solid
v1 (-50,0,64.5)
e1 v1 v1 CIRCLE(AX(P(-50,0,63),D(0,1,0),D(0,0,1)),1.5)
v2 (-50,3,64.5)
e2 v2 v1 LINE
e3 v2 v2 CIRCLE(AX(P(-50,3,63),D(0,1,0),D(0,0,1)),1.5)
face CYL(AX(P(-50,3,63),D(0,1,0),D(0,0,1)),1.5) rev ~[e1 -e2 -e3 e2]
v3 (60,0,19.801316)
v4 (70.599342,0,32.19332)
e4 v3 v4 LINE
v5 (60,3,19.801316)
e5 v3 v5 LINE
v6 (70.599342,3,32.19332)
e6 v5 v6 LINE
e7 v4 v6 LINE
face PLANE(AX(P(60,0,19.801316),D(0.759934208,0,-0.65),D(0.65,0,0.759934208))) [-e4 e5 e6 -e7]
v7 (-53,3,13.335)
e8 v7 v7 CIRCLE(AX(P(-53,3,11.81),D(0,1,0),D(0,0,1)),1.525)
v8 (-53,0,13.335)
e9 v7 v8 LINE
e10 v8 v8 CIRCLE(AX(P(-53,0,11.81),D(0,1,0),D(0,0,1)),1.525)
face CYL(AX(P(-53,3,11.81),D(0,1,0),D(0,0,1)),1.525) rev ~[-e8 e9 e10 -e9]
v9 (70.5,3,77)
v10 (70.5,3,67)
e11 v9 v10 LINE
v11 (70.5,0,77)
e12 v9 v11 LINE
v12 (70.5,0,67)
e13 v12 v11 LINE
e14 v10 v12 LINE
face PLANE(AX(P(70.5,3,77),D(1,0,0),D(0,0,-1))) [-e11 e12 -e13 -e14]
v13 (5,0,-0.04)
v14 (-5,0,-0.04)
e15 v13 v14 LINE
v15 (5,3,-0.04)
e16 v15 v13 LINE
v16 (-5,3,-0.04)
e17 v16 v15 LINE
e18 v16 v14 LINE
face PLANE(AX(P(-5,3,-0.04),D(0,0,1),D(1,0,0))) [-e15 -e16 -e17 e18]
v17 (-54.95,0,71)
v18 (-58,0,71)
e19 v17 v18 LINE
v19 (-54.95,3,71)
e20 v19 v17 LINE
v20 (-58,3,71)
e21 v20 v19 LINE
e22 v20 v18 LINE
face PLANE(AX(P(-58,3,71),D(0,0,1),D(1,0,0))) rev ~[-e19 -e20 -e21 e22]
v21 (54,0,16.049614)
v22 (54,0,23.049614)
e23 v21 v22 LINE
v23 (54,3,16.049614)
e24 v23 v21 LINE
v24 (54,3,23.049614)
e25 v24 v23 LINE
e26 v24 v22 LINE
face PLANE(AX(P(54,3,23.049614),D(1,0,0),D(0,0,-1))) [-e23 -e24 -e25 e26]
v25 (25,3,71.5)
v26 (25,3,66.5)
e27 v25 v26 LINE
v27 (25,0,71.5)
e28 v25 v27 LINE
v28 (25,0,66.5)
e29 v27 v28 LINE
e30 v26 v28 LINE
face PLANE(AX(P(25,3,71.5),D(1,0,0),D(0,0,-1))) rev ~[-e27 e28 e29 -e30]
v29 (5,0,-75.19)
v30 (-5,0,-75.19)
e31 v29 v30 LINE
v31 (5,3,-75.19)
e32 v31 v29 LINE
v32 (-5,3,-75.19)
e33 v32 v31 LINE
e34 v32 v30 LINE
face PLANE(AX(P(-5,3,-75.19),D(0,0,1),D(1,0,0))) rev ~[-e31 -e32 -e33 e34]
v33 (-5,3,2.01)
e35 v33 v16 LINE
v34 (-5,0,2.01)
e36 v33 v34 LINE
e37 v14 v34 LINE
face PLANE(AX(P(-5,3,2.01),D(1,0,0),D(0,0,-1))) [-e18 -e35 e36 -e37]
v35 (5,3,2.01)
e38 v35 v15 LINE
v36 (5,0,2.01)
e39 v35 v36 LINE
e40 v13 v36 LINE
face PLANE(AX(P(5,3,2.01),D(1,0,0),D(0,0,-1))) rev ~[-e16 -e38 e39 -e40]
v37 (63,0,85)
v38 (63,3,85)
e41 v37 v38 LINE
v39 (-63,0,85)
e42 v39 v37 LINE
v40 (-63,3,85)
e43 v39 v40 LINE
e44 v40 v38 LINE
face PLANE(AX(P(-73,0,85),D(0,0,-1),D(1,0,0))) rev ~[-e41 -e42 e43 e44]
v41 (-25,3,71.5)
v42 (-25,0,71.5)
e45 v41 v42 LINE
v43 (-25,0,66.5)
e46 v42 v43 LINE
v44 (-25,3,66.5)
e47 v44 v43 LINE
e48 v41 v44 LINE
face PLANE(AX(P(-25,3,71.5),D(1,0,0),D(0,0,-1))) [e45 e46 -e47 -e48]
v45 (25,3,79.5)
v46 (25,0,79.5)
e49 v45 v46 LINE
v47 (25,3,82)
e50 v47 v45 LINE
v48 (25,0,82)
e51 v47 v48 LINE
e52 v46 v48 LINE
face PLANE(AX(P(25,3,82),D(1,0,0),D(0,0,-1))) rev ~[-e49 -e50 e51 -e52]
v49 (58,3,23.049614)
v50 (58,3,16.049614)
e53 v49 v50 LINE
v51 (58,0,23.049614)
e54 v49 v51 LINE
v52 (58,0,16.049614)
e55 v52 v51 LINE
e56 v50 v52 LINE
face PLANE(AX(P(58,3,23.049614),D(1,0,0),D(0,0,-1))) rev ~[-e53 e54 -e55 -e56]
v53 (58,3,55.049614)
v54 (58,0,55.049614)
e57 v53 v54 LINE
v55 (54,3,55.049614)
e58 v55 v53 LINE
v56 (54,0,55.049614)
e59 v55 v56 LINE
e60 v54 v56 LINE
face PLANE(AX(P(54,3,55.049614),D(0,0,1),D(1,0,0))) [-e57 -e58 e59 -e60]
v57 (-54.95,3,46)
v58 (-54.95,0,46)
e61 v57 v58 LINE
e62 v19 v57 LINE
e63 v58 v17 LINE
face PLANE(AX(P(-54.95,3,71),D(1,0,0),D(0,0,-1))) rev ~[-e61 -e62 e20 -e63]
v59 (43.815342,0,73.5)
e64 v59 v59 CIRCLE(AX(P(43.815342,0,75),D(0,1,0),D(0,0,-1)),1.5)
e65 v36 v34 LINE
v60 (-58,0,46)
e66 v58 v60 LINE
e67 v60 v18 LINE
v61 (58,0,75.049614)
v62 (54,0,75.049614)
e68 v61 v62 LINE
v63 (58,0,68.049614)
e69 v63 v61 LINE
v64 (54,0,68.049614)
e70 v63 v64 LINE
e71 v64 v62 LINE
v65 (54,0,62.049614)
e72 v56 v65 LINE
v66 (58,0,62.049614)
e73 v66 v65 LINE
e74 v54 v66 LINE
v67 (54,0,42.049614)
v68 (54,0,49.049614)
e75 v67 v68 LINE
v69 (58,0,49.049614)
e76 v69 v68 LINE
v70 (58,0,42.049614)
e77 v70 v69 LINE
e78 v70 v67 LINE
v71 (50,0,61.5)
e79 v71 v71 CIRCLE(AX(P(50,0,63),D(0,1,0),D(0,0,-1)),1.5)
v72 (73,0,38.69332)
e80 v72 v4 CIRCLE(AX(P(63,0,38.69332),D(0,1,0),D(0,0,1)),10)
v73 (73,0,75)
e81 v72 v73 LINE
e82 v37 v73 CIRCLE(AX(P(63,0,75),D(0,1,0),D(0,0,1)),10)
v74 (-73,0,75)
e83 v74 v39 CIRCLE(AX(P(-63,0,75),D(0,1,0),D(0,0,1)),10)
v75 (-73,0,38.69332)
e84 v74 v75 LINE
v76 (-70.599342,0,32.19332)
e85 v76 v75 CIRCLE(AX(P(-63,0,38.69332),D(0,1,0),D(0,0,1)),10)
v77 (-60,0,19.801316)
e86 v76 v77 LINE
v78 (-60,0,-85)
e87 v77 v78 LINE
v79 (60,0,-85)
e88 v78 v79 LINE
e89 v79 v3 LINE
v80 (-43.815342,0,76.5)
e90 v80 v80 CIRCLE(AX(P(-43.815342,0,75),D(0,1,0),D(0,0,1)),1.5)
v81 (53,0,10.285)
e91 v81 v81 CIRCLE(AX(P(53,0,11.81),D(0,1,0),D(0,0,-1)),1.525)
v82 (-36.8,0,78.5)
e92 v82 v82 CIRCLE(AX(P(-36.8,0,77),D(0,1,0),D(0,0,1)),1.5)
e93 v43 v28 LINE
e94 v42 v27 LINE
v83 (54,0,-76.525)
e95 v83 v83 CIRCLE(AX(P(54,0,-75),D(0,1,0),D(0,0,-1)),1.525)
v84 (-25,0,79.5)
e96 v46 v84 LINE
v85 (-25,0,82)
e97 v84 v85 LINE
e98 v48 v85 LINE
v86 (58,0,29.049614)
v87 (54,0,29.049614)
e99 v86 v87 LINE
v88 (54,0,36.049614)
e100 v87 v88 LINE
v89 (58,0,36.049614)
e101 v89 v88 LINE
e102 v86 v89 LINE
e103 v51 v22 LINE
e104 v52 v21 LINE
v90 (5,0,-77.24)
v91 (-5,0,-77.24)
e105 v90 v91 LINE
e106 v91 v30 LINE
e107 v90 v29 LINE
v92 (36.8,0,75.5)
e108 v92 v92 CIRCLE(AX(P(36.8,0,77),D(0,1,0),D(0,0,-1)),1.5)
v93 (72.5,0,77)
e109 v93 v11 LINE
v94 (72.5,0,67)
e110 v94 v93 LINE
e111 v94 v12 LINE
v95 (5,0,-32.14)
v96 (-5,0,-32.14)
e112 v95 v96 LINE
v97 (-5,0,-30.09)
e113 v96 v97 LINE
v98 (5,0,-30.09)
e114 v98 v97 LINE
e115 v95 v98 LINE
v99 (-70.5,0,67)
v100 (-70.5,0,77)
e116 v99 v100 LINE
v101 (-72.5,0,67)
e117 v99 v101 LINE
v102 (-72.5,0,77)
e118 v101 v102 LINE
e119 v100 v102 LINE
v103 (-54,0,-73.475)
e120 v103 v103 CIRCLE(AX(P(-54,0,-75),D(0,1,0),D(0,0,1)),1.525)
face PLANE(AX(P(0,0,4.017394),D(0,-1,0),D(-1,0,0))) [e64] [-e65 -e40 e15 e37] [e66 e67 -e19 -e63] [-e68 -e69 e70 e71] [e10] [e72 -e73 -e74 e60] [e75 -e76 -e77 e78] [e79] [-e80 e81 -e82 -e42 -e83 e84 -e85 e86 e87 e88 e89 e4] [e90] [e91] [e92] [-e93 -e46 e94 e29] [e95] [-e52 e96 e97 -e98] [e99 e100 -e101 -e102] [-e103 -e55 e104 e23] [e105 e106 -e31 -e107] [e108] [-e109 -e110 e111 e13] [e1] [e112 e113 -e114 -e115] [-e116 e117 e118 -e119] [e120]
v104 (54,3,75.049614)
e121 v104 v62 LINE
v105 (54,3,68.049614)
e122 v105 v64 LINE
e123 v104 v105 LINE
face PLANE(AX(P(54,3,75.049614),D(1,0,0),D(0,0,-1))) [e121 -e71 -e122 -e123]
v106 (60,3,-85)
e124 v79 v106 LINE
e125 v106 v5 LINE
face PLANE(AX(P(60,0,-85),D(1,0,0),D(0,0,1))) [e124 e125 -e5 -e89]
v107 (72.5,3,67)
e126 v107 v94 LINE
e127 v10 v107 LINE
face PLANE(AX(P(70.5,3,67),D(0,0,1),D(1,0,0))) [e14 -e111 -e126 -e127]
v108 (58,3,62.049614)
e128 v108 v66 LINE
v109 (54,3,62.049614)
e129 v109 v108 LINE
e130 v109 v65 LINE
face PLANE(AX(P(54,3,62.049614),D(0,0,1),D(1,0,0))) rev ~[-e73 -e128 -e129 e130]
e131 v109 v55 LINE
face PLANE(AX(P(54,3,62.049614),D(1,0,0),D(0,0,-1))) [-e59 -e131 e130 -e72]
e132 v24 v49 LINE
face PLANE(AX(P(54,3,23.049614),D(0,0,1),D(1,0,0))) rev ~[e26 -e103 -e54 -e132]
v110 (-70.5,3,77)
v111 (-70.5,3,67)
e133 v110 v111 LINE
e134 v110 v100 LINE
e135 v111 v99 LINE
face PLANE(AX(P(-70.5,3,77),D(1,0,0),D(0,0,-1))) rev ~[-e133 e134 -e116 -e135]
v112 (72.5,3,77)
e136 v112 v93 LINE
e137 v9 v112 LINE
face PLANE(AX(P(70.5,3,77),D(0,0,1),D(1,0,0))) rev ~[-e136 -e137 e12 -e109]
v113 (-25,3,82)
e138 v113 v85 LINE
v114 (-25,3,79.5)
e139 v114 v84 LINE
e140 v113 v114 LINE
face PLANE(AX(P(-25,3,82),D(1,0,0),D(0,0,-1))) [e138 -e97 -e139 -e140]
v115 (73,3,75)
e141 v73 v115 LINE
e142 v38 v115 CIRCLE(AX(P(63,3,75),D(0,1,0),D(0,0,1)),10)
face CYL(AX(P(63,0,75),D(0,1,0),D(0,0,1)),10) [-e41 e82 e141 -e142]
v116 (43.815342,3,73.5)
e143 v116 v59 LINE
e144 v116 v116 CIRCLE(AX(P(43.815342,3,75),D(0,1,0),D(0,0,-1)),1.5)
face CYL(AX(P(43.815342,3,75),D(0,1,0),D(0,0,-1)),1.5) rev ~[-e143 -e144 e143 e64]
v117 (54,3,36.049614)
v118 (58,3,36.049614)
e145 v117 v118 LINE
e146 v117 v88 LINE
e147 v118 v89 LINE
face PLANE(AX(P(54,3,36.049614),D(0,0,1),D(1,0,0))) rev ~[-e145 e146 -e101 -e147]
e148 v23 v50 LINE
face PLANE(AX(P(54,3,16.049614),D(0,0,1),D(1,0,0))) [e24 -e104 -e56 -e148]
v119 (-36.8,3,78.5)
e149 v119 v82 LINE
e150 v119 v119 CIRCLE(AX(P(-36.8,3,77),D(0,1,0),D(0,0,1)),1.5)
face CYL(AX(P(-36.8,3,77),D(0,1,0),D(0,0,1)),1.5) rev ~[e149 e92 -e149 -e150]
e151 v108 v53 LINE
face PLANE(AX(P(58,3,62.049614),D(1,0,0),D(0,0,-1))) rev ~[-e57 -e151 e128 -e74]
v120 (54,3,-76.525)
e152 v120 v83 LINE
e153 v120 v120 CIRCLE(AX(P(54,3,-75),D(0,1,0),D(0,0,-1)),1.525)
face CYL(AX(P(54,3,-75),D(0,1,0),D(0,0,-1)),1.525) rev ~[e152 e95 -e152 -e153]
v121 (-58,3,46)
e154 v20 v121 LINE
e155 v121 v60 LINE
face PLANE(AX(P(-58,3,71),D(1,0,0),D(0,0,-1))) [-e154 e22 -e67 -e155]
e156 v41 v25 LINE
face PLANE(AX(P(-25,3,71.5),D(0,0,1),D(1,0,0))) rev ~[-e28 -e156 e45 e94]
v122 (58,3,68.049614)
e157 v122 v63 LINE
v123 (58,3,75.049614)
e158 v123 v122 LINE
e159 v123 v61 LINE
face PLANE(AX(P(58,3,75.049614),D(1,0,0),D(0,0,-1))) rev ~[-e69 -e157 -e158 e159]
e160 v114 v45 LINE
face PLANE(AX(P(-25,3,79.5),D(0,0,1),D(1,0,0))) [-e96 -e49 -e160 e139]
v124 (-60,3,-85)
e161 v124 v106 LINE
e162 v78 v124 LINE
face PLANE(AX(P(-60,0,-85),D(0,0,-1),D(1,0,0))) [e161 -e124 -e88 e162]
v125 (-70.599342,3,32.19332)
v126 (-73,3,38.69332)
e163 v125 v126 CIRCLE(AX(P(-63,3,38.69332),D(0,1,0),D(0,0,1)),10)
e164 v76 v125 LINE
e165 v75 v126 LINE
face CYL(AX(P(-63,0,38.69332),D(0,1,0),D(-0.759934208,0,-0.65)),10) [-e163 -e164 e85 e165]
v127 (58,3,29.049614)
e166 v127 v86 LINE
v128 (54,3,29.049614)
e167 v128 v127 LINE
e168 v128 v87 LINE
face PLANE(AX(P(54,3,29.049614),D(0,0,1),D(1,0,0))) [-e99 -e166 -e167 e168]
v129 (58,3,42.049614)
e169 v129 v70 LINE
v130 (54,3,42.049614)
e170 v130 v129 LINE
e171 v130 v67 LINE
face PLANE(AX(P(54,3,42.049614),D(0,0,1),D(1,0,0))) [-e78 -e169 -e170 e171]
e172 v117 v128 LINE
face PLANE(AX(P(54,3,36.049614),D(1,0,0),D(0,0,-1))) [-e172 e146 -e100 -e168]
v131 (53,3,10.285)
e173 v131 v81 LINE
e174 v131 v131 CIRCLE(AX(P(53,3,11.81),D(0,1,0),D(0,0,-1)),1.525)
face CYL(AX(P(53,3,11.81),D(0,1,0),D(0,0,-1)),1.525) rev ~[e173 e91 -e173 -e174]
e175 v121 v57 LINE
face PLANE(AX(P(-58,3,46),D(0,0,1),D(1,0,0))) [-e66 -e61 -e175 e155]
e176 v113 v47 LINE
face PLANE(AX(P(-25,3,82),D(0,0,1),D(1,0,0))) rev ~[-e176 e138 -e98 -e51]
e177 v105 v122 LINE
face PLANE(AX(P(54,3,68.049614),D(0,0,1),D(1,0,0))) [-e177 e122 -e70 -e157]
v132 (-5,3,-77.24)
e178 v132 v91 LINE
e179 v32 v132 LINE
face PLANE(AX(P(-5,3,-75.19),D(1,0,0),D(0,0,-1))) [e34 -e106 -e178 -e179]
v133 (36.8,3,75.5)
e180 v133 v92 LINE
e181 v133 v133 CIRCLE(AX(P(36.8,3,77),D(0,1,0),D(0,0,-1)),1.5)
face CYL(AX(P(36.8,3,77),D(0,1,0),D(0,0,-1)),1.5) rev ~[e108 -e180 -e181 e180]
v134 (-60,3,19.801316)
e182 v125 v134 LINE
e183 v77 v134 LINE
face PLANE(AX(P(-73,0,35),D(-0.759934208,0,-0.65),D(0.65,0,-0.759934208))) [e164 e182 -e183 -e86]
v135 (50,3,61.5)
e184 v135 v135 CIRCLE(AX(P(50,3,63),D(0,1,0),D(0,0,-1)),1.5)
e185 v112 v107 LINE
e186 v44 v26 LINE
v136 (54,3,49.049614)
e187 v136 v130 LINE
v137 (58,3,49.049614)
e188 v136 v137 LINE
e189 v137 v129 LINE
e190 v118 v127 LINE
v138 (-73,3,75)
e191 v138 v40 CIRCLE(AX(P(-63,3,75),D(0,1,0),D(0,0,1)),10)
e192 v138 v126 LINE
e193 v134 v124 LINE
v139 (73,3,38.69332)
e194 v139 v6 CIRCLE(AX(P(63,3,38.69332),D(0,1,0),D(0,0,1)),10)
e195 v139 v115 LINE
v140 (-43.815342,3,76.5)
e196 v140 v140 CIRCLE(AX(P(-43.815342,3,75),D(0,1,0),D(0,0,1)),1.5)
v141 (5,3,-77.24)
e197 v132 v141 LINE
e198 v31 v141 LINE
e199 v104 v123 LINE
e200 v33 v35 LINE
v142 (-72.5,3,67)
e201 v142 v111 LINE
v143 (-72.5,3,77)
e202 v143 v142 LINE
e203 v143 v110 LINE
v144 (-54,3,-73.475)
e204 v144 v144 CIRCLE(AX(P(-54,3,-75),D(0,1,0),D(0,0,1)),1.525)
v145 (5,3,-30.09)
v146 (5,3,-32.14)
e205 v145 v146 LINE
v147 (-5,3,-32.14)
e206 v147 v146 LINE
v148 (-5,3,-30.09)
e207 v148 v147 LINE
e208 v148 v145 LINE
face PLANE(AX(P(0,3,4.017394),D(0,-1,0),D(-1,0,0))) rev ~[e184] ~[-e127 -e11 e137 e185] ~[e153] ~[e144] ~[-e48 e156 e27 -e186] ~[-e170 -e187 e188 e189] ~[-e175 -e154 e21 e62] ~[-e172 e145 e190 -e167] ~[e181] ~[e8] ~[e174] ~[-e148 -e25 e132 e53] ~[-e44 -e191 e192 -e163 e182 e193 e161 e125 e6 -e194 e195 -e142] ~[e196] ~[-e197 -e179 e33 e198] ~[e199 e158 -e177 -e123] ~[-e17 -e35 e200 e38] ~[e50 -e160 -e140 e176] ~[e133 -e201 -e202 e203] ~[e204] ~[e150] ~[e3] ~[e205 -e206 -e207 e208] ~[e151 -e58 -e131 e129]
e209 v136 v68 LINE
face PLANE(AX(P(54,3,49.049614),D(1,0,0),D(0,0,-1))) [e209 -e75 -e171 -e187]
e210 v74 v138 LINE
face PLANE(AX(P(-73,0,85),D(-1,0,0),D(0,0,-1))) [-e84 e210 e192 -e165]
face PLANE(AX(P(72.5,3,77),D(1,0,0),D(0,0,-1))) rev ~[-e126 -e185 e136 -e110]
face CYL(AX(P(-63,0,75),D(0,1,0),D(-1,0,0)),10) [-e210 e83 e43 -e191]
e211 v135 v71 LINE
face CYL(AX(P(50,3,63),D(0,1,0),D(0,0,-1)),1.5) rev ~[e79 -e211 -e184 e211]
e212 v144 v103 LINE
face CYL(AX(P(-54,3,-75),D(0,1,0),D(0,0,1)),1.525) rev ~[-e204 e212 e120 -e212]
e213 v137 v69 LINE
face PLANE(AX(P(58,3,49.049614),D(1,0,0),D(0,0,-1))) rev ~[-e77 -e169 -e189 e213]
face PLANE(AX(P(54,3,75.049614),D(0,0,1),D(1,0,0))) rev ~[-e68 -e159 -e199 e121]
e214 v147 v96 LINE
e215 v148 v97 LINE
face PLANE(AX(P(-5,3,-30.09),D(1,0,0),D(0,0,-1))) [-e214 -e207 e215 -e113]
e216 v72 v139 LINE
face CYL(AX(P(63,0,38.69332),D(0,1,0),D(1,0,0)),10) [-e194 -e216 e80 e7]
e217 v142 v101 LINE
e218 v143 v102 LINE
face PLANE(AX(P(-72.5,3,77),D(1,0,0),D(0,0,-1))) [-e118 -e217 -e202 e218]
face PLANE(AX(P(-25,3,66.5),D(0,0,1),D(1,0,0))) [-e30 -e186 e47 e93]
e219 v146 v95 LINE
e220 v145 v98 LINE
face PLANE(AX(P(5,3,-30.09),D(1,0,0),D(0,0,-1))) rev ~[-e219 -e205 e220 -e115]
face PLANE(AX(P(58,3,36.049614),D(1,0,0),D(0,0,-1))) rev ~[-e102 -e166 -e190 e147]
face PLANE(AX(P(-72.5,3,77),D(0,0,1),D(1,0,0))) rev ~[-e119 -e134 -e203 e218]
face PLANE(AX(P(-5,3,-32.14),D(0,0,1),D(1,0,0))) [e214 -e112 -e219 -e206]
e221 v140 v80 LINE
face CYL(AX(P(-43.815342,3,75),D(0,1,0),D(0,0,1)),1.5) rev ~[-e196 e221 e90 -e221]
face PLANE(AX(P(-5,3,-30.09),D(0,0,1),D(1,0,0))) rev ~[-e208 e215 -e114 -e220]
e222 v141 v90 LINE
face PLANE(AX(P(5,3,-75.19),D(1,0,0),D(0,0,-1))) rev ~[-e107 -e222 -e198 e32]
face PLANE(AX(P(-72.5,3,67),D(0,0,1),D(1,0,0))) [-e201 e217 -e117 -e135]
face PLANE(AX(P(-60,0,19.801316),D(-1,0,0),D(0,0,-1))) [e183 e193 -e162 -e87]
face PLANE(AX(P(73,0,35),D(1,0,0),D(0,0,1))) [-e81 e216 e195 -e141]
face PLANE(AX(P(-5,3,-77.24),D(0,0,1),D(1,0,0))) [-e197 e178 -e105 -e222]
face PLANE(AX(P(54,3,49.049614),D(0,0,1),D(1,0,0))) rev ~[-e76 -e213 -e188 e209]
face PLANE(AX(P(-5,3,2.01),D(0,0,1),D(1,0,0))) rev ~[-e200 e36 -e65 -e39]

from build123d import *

# Parameters (mm, degrees)
BOSS_EXTRUDE1_DEPTH = 3
SKETCH2_R           = 1.525
CUT_EXTRUDE1_DEPTH  = 113.084789334
SKETCH3_W           = 10
SKETCH3_H           = 2.05
CUT_EXTRUDE2_DEPTH  = 113.084789334
SKETCH4_R           = 1.5
CUT_EXTRUDE3_DEPTH  = 3
SKETCH5_R           = 1.5
SKETCH5_W           = 50
SKETCH5_H           = 5
CUT_EXTRUDE4_DEPTH  = 3
SKETCH6_W           = 4
SKETCH6_H           = 7
CUT_EXTRUDE5_DEPTH  = 10
SKETCH7_W           = 50
SKETCH7_H           = 2.5
SKETCH7_W_2         = 3.05
SKETCH7_H_2         = 25
CUT_EXTRUDE6_DEPTH  = 10
FILLET3_R           = 10
SKETCH8_W           = 2
SKETCH8_H           = 10
CUT_EXTRUDE7_DEPTH  = 10


with BuildPart() as part:
    # Sketch1 → Boss-Extrude1 (new body)
    with BuildSketch(Plane(origin=(0, 0, 0), x_dir=(1, 0, 0), z_dir=(0, 1, 0))):
        Polygon((-73, -35), (-60, -19.801315846), (-60, 85), (60, 85), (60, -19.801315846), (73, -35), (73, -85), (60, -85), (-60, -85), (-73, -85), align=None)
    extrude(amount=BOSS_EXTRUDE1_DEPTH)

    # Sketch2 → Cut-Extrude1 (cut, through all)
    with BuildSketch(Plane(origin=(0, 3, 0), x_dir=(1, 0, 0), z_dir=(0, 1, 0))):
        with Locations(Location((-53, -11.81, 0), (0, 0, 270))):
            Circle(SKETCH2_R)
        with Locations(Location((-54, 75, 0), (0, 0, 270))):
            Circle(SKETCH2_R)
        with Locations(Location((53, -11.81, 0), (0, 0, 90))):
            Circle(SKETCH2_R)
        with Locations(Location((54, 75, 0), (0, 0, 90))):
            Circle(SKETCH2_R)
    extrude(amount=-CUT_EXTRUDE1_DEPTH, mode=Mode.SUBTRACT)

    # Sketch3 → Cut-Extrude2 (cut, through all)
    with BuildSketch(Plane(origin=(0, 3, 0), x_dir=(1, 0, 0), z_dir=(0, 1, 0))):
        with Locations((0, 31.115)):
            Rectangle(SKETCH3_W, SKETCH3_H)
        with Locations((0, -0.985)):
            Rectangle(SKETCH3_W, SKETCH3_H)
        with Locations((0, 76.215)):
            Rectangle(SKETCH3_W, SKETCH3_H)
    extrude(amount=-CUT_EXTRUDE2_DEPTH, mode=Mode.SUBTRACT)

    # Sketch4 → Cut-Extrude3 (cut)
    with BuildSketch(Plane(origin=(0, 3, 0), x_dir=(1, 0, 0), z_dir=(0, 1, 0))):
        with Locations(Location((-50, -63, 0), (0, 0, 270))):
            Circle(SKETCH4_R)
        with Locations(Location((-43.815341562, -75, 0), (0, 0, 270))):
            Circle(SKETCH4_R)
        with Locations(Location((43.815341562, -75, 0), (0, 0, 90))):
            Circle(SKETCH4_R)
        with Locations(Location((50, -63, 0), (0, 0, 90))):
            Circle(SKETCH4_R)
    extrude(amount=-CUT_EXTRUDE3_DEPTH, mode=Mode.SUBTRACT)

    # Sketch5 → Cut-Extrude4 (cut)
    with BuildSketch(Plane(origin=(0, 3, 0), x_dir=(1, 0, 0), z_dir=(0, 1, 0))):
        with Locations(Location((-36.8, -77, 0), (0, 0, 270))):
            Circle(SKETCH5_R)
        with Locations(Location((36.8, -77, 0), (0, 0, 90))):
            Circle(SKETCH5_R)
        with Locations((0, -69)):
            Rectangle(SKETCH5_W, SKETCH5_H)
    extrude(amount=-CUT_EXTRUDE4_DEPTH, mode=Mode.SUBTRACT)

    # Sketch6 → Cut-Extrude5 (cut)
    with BuildSketch(Plane(origin=(0, 3, 0), x_dir=(1, 0, 0), z_dir=(0, 1, 0))):
        with Locations((56, -32.549614417)):
            Rectangle(SKETCH6_W, SKETCH6_H)
        with Locations((56, -19.549614417)):
            Rectangle(SKETCH6_W, SKETCH6_H)
        with Locations((56, -45.549614417)):
            Rectangle(SKETCH6_W, SKETCH6_H)
        with Locations((56, -58.549614417)):
            Rectangle(SKETCH6_W, SKETCH6_H)
        with Locations((56, -71.549614417)):
            Rectangle(SKETCH6_W, SKETCH6_H)
    extrude(amount=-CUT_EXTRUDE5_DEPTH, mode=Mode.SUBTRACT)

    # Sketch7 → Cut-Extrude6 (cut)
    with BuildSketch(Plane(origin=(0, 3, 0), x_dir=(1, 0, 0), z_dir=(0, 1, 0))):
        with Locations((0, -80.75)):
            Rectangle(SKETCH7_W, SKETCH7_H)
        with Locations((-56.475, -58.5)):
            Rectangle(SKETCH7_W_2, SKETCH7_H_2)
    extrude(amount=-CUT_EXTRUDE6_DEPTH, mode=Mode.SUBTRACT)

    # Fillet3
    fillet3_edges = [part.edges().sort_by_distance(p)[0] for p in [
        (73, 1.5, 35),
        (73, 1.5, 85),
        (-73, 1.5, 85),
        (-73, 1.5, 35),
    ]]
    fillet(fillet3_edges, radius=FILLET3_R)

    # Sketch8 → Cut-Extrude7 (cut)
    with BuildSketch(Plane(origin=(0, 3, 0), x_dir=(1, 0, 0), z_dir=(0, 1, 0))):
        with Locations((71.5, -72)):
            Rectangle(SKETCH8_W, SKETCH8_H)
        with Locations((-71.5, -72)):
            Rectangle(SKETCH8_W, SKETCH8_H)
    extrude(amount=-CUT_EXTRUDE7_DEPTH, mode=Mode.SUBTRACT)


solid = part.part
